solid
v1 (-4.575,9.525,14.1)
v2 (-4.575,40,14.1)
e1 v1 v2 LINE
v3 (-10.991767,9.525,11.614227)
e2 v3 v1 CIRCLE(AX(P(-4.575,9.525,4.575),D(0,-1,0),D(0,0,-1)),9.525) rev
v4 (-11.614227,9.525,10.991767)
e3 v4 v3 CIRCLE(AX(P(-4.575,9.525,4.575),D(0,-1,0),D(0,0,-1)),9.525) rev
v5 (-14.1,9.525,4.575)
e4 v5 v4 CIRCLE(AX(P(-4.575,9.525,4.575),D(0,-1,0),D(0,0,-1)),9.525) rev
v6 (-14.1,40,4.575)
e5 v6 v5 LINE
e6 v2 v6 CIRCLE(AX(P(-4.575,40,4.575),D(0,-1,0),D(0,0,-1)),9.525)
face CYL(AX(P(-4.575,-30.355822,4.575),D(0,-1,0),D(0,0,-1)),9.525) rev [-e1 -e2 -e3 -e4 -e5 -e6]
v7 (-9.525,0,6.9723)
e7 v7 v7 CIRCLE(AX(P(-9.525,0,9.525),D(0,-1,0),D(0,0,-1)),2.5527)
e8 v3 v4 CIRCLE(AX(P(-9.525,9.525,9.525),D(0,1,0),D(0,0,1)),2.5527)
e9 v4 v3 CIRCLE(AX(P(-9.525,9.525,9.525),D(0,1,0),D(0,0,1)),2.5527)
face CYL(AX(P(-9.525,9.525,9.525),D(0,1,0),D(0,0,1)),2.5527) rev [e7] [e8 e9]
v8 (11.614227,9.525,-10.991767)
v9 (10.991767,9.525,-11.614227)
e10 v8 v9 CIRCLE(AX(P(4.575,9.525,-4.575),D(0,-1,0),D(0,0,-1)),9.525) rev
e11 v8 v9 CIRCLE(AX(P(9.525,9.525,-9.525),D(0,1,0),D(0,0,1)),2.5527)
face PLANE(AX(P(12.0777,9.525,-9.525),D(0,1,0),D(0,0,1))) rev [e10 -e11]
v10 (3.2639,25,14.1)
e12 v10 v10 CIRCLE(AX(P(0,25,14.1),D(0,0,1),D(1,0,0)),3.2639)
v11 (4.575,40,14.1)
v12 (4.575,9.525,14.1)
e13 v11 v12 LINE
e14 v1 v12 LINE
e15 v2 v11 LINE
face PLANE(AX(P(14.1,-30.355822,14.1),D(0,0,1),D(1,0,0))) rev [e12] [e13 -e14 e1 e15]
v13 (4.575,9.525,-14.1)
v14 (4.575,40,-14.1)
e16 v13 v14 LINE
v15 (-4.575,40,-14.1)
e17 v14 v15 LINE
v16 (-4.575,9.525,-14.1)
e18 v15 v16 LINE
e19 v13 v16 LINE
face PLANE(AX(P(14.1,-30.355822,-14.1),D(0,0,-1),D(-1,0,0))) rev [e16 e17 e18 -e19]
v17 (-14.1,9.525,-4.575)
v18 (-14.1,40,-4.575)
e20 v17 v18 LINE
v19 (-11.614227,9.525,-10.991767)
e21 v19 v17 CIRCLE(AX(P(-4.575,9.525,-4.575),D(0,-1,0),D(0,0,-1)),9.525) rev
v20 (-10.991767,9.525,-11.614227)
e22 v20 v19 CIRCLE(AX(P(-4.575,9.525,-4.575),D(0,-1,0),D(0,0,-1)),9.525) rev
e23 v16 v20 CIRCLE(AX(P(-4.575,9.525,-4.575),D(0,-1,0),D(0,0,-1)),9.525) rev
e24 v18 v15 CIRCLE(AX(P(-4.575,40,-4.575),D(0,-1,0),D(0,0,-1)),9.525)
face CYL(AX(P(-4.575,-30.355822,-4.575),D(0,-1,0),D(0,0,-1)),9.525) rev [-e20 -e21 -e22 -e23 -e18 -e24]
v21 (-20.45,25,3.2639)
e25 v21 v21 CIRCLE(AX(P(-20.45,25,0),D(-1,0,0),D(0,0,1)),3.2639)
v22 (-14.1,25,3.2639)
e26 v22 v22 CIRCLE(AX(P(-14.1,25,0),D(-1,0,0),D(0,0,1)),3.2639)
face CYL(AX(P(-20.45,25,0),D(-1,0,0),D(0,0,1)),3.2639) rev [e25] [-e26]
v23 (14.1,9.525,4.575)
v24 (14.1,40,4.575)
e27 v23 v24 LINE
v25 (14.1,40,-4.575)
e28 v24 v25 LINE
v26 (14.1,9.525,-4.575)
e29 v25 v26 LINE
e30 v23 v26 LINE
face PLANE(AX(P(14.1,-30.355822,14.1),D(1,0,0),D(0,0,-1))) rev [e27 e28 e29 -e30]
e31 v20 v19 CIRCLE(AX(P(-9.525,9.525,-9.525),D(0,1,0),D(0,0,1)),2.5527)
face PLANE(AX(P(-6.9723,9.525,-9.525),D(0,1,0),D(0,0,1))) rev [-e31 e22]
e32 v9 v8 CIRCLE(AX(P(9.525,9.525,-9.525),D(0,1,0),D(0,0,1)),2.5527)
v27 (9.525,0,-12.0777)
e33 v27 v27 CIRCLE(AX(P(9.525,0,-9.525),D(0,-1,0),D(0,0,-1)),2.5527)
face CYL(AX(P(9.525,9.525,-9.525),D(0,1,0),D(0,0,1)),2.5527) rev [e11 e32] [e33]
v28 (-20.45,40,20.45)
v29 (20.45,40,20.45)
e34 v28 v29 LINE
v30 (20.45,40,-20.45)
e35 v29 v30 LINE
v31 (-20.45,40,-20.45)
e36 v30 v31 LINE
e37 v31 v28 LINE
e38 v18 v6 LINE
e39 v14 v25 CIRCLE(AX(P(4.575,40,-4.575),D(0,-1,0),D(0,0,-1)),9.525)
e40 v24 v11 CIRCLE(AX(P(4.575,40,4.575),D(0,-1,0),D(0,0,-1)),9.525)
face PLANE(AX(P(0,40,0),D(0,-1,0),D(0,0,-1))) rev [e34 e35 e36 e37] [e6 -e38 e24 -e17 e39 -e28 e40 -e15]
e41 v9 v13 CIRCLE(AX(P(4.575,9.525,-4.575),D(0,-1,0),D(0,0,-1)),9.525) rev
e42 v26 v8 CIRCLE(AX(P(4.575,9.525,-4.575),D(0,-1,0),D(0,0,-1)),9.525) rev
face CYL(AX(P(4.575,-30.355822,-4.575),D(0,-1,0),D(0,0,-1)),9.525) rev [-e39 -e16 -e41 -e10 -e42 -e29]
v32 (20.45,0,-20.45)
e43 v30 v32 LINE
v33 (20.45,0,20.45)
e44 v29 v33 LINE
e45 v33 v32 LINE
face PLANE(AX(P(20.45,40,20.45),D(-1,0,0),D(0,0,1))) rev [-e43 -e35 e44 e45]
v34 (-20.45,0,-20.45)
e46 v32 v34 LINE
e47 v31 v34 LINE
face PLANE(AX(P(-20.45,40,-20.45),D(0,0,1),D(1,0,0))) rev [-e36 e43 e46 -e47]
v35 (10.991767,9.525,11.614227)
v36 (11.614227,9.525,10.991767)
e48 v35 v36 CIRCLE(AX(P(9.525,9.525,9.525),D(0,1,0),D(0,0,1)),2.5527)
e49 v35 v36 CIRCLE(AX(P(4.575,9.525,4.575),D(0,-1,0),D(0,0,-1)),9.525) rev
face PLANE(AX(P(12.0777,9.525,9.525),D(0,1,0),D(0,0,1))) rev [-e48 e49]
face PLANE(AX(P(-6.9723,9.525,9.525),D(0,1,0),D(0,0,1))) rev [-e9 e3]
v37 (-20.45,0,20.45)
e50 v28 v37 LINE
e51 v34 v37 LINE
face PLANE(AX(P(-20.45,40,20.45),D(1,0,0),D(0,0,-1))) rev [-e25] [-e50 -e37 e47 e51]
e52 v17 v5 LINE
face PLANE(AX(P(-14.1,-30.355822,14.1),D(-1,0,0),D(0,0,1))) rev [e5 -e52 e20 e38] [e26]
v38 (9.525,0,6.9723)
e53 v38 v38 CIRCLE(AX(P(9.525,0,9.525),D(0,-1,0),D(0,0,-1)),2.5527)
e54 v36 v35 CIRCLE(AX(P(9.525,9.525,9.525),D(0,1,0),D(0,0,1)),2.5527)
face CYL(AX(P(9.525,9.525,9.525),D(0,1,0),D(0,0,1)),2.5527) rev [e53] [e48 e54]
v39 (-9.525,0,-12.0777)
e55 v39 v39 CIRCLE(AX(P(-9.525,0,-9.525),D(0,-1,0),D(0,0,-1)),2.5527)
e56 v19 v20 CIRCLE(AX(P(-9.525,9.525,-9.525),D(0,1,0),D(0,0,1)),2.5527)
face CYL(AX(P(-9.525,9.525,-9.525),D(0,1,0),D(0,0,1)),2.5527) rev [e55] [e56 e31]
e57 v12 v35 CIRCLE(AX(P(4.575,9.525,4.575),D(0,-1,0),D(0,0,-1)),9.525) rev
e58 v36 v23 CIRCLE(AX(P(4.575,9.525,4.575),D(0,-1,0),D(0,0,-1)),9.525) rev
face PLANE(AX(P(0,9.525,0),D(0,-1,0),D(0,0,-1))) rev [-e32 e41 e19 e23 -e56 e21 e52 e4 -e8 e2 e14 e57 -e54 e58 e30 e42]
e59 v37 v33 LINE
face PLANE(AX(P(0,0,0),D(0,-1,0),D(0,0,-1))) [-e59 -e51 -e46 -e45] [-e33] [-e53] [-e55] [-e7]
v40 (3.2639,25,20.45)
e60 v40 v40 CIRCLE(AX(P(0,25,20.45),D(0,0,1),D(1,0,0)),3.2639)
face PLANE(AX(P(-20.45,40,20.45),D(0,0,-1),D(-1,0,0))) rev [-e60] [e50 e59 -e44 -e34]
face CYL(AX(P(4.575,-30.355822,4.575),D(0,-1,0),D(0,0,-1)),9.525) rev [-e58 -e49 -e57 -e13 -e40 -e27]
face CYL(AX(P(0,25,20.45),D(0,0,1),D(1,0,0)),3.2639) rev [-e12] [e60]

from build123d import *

# Parameters (mm, degrees)
SKETCH1_W                        = 40.9
SKETCH1_H                        = 40.9
BOSS_EXTRUDE1_DEPTH              = 40
CUT_EXTRUDE1_START               = -30.475
SKETCH3_W                        = 28.2
SKETCH3_H                        = 28.2
CUT_EXTRUDE1_DEPTH               = 30.475
FILLET1_R                        = 9.525
CIRPATTERN1_COUNT                = 2
CIRPATTERN1_ANGLE                = 90
SKETCH6_W                        = 2.5527
SKETCH6_H                        = 9.525
F_1_4_20_TAPPED_HOLE1_AT_2_COUNT = 2
F_1_4_20_TAPPED_HOLE1_AT_2_PITCH = 19.05
F_1_4_20_TAPPED_HOLE1_AT_3_COUNT = 2
F_1_4_20_TAPPED_HOLE1_AT_3_PITCH = 26.940768363
F_1_4_20_TAPPED_HOLE1_AT_4_COUNT = 2
F_1_4_20_TAPPED_HOLE1_AT_4_PITCH = 19.05


with BuildPart() as part:
    # Sketch1 → Boss-Extrude1 (new body)
    with BuildSketch(Plane(origin=(0, 0, 0), x_dir=(1, 0, 0), z_dir=(0, 1, 0))):
        Rectangle(SKETCH1_W, SKETCH1_H)
    extrude(amount=BOSS_EXTRUDE1_DEPTH)

    # Sketch3 → Cut-Extrude1 (cut)
    with BuildSketch(Plane(origin=(0, 40, 0), x_dir=(1, 0, 0), z_dir=(0, 1, 0)).offset(CUT_EXTRUDE1_START)):
        Rectangle(SKETCH3_W, SKETCH3_H)
    extrude(amount=CUT_EXTRUDE1_DEPTH, mode=Mode.SUBTRACT)

    # Fillet1
    fillet1_edges = [part.edges().sort_by_distance(p)[0] for p in [
        (14.1, 24.7625, 14.1),
        (14.1, 24.7625, -14.1),
        (-14.1, 24.7625, -14.1),
        (-14.1, 24.7625, 14.1),
    ]]
    fillet(fillet1_edges, radius=FILLET1_R)

    # Sketch4 → 5/16-18 Tapped Hole1 (revolve, cut)
    with BuildSketch(Plane(origin=(0, 25, 20.45), x_dir=(0, -1, 0), z_dir=(1, 0, 0))):
        Polygon((0, 0), (0, 24.884648974), (3.2639, 22.9235), (3.2639, 0), align=None)
    f_5_16_18_tapped_hole1 = revolve(axis=Axis((0, 25, 26.8), (0, 0, -1)), mode=Mode.SUBTRACT)

    # CirPattern1: 5/16-18 Tapped Hole1 ×2 about axis
    cirpattern1_axis = Axis((0, -2, 0), (0, -1, 0))
    for i in range(1, CIRPATTERN1_COUNT):
        add(f_5_16_18_tapped_hole1.rotate(cirpattern1_axis, i * CIRPATTERN1_ANGLE / (CIRPATTERN1_COUNT - 1)), mode=Mode.SUBTRACT)

    # Sketch6 → 1/4-20 Tapped Hole1 (revolve, cut)
    with BuildSketch(Plane(origin=(-9.525, 9.525, -9.525), x_dir=(0, 0, 1), z_dir=(1, 0, 0))):
        with Locations((1.27635, 4.7625)):
            Rectangle(SKETCH6_W, SKETCH6_H)
    f_1_4_20_tapped_hole1 = revolve(axis=Axis((-9.525, 15.875, -9.525), (0, -1, 0)), mode=Mode.SUBTRACT)

    # 1/4-20 Tapped Hole1 at 2: 1/4-20 Tapped Hole1 ×2
    with Locations(*[(i * F_1_4_20_TAPPED_HOLE1_AT_2_PITCH, 0, 0) for i in range(1, F_1_4_20_TAPPED_HOLE1_AT_2_COUNT)]):
        add(f_1_4_20_tapped_hole1, mode=Mode.SUBTRACT)

    # 1/4-20 Tapped Hole1 at 3: 1/4-20 Tapped Hole1 ×2
    with Locations(*[Vector(0.7071067811865476, 0, 0.7071067811865475) * (i * F_1_4_20_TAPPED_HOLE1_AT_3_PITCH) for i in range(1, F_1_4_20_TAPPED_HOLE1_AT_3_COUNT)]):
        add(f_1_4_20_tapped_hole1, mode=Mode.SUBTRACT)

    # 1/4-20 Tapped Hole1 at 4: 1/4-20 Tapped Hole1 ×2
    with Locations(*[(0, 0, i * F_1_4_20_TAPPED_HOLE1_AT_4_PITCH) for i in range(1, F_1_4_20_TAPPED_HOLE1_AT_4_COUNT)]):
        add(f_1_4_20_tapped_hole1, mode=Mode.SUBTRACT)


solid = part.part
